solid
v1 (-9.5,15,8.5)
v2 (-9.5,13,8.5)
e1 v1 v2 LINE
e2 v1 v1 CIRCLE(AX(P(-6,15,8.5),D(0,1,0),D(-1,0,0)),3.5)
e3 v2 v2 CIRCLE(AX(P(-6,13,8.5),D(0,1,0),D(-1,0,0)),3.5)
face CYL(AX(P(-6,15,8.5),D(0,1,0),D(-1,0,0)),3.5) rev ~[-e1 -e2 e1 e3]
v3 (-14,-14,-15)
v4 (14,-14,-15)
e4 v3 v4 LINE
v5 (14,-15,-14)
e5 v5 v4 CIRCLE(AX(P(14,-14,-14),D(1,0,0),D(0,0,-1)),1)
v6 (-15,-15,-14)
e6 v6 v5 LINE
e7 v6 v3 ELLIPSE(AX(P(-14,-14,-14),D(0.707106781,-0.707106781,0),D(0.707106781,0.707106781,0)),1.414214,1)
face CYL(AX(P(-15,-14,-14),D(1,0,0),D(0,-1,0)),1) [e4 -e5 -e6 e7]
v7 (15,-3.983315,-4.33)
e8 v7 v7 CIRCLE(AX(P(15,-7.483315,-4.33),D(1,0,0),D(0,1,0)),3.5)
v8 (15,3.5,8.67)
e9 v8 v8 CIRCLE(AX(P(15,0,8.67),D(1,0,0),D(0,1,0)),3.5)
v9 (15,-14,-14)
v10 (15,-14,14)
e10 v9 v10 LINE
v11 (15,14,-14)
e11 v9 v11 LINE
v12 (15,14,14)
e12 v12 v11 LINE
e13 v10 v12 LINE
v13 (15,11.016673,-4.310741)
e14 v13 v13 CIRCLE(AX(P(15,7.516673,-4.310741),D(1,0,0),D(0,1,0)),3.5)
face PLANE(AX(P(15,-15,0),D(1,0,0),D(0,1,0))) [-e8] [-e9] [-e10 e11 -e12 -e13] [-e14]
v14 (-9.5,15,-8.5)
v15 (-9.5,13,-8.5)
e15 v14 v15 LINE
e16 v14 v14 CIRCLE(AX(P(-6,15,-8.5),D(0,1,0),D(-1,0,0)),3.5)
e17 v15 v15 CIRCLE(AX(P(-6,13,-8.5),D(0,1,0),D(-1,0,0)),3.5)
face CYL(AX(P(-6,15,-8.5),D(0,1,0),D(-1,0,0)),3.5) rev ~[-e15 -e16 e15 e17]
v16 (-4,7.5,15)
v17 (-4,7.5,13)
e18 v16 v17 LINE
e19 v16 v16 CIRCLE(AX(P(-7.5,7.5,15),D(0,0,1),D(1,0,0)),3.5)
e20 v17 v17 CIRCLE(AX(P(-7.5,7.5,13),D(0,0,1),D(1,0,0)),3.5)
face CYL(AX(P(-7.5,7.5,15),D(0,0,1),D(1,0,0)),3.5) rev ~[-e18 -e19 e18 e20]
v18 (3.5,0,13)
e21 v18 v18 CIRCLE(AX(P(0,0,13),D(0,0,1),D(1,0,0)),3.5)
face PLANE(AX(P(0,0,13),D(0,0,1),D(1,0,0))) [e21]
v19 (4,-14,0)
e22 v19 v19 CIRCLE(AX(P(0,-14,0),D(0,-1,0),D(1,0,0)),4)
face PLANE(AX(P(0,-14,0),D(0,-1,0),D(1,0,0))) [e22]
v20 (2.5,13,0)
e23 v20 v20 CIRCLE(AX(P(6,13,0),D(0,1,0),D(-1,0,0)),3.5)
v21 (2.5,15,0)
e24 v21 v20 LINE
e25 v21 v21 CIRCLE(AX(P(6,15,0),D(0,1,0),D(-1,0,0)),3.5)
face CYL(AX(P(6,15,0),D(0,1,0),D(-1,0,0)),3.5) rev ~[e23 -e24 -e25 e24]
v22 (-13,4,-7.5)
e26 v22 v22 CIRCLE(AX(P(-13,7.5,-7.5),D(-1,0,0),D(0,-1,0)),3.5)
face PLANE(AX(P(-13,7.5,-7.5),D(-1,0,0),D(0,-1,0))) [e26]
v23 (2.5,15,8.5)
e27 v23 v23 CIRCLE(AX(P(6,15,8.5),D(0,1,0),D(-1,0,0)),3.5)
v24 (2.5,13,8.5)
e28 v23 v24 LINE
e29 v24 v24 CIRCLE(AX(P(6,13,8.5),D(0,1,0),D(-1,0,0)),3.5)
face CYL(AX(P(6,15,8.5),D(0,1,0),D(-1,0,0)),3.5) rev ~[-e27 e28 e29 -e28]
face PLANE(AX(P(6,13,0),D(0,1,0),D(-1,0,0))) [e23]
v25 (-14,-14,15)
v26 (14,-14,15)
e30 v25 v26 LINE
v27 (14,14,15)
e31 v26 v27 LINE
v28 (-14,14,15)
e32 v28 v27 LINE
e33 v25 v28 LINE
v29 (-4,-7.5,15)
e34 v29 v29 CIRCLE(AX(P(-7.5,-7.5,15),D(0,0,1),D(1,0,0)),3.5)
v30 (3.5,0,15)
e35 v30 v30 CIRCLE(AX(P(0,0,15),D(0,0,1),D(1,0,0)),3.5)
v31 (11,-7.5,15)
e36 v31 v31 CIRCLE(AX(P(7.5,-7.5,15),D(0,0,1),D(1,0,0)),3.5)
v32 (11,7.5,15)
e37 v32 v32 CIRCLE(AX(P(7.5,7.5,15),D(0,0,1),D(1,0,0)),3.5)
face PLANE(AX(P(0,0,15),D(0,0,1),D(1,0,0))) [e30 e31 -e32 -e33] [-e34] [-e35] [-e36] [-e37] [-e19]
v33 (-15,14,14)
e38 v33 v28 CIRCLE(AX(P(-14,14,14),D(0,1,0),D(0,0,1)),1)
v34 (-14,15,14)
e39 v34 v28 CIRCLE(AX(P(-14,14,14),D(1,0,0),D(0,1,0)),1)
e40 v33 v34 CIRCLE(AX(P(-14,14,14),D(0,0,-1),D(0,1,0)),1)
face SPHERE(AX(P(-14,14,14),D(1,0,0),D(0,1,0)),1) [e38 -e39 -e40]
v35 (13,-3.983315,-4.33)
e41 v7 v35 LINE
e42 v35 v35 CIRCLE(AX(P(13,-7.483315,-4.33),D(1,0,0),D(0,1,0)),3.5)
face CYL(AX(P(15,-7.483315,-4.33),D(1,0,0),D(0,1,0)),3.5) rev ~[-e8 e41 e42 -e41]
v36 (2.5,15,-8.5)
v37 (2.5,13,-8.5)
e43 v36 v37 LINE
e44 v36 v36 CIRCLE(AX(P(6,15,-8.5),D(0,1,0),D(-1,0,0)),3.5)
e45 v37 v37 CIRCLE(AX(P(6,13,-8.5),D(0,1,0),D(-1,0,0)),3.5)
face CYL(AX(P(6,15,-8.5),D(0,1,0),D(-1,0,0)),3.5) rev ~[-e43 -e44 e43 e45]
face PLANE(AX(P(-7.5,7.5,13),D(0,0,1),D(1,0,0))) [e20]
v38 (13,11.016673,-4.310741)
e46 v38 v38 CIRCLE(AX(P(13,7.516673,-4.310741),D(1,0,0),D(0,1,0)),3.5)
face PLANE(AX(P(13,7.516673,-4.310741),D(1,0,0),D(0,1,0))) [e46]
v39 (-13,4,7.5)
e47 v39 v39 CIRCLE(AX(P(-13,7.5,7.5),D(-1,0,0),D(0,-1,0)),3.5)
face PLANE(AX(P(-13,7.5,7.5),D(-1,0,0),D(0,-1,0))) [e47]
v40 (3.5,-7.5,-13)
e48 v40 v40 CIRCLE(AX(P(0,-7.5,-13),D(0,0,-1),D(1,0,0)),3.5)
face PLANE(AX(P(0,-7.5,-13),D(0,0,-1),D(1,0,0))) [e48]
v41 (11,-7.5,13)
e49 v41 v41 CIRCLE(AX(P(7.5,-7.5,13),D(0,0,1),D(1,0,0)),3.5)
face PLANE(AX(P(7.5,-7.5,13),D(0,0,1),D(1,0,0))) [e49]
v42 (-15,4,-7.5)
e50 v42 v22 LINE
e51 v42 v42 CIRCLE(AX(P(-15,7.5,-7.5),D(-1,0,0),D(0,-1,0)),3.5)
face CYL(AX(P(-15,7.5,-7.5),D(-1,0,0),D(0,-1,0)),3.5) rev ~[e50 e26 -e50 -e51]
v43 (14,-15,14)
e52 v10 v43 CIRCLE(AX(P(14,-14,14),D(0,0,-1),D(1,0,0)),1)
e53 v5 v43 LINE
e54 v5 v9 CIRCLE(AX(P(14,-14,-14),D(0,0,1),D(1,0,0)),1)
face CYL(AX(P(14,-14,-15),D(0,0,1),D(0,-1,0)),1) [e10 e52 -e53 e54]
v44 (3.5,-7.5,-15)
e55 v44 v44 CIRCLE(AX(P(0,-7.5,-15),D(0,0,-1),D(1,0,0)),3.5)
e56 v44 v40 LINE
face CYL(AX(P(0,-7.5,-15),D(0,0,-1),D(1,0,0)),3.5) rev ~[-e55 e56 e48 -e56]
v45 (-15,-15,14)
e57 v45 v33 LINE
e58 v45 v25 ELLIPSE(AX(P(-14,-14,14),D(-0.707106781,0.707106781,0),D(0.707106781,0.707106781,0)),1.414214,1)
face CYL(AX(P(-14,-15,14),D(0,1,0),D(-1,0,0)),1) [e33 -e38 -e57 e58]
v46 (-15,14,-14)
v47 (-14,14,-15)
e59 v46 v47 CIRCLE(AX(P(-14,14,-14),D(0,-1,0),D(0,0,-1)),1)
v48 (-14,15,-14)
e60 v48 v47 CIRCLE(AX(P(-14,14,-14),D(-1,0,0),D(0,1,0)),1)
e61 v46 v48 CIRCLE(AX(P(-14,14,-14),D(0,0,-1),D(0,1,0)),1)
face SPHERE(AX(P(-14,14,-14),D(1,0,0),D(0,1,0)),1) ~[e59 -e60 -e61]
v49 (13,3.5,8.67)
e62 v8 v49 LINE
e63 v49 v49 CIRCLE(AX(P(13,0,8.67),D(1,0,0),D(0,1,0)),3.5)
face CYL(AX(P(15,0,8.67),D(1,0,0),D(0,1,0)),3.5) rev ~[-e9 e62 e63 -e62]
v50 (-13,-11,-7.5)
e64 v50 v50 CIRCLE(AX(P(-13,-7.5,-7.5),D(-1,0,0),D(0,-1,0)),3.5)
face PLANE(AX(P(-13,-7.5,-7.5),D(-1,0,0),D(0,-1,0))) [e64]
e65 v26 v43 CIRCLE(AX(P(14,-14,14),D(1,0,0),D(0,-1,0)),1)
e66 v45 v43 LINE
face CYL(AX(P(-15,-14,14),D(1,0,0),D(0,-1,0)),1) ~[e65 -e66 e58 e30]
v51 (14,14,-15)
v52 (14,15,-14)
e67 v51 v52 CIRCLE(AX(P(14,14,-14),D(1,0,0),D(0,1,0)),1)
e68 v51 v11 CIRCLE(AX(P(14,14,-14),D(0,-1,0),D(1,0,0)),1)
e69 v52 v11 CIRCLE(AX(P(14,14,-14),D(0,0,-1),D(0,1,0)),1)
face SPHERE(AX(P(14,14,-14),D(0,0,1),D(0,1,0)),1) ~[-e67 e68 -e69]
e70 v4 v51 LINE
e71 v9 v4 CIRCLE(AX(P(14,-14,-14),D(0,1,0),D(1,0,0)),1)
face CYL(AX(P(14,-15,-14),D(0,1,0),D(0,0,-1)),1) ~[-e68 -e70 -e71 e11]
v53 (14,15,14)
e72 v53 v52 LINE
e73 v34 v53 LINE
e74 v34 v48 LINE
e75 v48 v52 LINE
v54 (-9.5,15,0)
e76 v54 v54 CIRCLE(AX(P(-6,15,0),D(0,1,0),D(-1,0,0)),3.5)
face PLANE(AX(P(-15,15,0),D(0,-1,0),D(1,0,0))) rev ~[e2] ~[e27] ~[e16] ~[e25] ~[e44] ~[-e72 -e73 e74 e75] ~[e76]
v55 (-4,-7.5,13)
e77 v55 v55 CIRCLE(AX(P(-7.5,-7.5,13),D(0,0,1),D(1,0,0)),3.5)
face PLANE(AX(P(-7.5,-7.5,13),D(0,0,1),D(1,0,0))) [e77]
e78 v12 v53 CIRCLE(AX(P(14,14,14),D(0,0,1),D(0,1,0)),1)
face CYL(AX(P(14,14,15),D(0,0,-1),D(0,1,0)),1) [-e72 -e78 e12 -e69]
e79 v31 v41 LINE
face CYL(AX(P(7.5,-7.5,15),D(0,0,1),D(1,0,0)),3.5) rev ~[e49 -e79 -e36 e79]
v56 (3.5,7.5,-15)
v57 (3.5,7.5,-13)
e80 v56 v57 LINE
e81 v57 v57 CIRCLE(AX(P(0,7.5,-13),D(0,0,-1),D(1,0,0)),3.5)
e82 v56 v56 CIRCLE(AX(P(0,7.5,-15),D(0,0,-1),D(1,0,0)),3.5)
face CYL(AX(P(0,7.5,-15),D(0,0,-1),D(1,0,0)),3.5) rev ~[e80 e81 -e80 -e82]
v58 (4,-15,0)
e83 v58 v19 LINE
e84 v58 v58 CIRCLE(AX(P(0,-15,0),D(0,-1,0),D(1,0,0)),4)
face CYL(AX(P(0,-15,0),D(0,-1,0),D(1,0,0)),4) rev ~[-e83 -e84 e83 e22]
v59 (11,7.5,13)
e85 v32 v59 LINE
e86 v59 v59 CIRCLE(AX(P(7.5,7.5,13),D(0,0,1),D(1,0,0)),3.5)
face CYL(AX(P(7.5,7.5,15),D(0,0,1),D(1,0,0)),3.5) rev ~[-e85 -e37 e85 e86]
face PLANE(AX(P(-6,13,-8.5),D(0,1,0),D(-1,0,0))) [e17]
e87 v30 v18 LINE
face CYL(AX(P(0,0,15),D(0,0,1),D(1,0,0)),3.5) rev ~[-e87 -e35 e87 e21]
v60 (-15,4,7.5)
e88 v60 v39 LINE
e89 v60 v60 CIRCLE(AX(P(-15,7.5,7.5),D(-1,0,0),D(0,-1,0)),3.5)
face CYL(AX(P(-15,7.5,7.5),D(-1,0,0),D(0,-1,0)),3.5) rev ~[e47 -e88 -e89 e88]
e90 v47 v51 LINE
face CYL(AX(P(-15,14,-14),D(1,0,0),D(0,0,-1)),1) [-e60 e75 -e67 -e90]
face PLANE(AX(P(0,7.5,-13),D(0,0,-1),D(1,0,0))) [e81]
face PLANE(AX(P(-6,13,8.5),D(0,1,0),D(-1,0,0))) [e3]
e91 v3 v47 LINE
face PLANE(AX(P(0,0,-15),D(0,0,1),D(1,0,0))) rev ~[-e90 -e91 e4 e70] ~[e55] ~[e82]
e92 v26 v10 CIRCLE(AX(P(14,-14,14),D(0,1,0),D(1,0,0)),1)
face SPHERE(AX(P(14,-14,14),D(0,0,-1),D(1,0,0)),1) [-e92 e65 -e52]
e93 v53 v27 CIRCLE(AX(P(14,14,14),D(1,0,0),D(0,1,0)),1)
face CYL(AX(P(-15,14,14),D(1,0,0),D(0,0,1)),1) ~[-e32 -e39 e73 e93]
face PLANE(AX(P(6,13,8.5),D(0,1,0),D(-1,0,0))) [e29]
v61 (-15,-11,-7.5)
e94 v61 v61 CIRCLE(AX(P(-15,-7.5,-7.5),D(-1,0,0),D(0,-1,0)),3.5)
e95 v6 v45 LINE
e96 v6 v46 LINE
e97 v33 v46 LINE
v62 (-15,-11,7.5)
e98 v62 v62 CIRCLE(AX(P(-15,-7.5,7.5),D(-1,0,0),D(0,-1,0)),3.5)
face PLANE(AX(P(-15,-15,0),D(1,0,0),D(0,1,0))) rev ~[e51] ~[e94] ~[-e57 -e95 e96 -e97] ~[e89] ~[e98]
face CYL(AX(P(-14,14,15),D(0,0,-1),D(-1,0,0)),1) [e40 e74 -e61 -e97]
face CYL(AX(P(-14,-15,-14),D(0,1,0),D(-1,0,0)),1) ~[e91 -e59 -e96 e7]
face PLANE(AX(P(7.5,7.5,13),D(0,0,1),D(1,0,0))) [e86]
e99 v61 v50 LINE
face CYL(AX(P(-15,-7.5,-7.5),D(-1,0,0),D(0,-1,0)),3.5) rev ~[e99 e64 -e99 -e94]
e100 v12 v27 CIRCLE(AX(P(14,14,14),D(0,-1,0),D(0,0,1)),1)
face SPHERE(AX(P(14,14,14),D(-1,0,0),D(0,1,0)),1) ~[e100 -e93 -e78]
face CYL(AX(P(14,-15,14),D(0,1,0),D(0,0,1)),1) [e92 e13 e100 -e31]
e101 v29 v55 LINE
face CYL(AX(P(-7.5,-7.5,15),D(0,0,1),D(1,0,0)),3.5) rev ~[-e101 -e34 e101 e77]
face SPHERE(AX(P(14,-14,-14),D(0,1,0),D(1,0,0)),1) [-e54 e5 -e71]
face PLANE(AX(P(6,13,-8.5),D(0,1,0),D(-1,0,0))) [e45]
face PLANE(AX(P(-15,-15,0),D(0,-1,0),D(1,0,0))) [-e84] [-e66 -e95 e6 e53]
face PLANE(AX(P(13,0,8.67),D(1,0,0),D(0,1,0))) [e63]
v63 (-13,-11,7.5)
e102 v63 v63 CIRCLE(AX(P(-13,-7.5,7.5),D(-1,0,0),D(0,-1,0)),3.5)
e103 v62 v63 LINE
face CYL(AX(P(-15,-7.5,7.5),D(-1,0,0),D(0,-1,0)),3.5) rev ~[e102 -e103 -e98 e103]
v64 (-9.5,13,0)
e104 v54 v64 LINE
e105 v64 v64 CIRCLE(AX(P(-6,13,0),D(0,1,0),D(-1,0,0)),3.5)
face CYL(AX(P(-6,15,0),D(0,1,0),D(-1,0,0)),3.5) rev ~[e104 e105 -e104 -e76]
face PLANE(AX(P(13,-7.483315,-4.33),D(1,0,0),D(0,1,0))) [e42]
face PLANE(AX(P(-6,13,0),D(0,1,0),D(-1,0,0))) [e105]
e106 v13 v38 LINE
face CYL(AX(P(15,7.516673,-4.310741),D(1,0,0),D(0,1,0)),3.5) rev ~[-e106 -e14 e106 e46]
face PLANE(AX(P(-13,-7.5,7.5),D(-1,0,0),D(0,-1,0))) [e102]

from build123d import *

# Parameters (mm, degrees)
F0_W          = 30
F0_H          = 30
F1_DEPTH      = 15
F1_DEPTH_BACK = 15
F2_R          = 4
F3_DEPTH      = 1
F4_R          = 3.5
F5_DEPTH      = 2
F6_R          = 3.5
F7_DEPTH      = 2
F8_R          = 3.5
F9_DEPTH      = 2
F10_R         = 3.5
F11_DEPTH     = 2
F12_R         = 3.5
F13_DEPTH     = 2
F14_R         = 1


with BuildPart() as f1:
    # F0 (on Top) → F1 (new body, two sides)
    with BuildSketch(Plane.XY) as f1_sk:
        Rectangle(F0_W, F0_H)
    extrude(amount=F1_DEPTH)
    extrude(f1_sk.sketch, amount=-F1_DEPTH_BACK)

    # F2 (on face) → F3 (cut)
    with BuildSketch(Plane.XZ.offset(15)):
        Circle(F2_R)
    extrude(amount=-F3_DEPTH, mode=Mode.SUBTRACT)

    # F4 (on face) → F5 (cut)
    with BuildSketch(Plane(origin=(0, 15, 0), x_dir=(-1, 0, 0), z_dir=(0, 1, 0))):
        with Locations((-6, 8.5)):
            Circle(F4_R)
        with Locations((6, 8.5)):
            Circle(F4_R)
        with Locations((6, 0)):
            Circle(F4_R)
        with Locations((-6, 0)):
            Circle(F4_R)
        with Locations((6, -8.5)):
            Circle(F4_R)
        with Locations((-6, -8.5)):
            Circle(F4_R)
    extrude(amount=-F5_DEPTH, mode=Mode.SUBTRACT)

    # F6 (on face) → F7 (cut)
    with BuildSketch(Plane(origin=(0, 0, -15), x_dir=(1, 0, 0), z_dir=(0, 0, -1))):
        with Locations((0, -7.5)):
            Circle(F6_R)
        with Locations((0, 7.5)):
            Circle(F6_R)
    extrude(amount=-F7_DEPTH, mode=Mode.SUBTRACT)

    # F8 (on face) → F9 (cut)
    with BuildSketch(Plane.XY.offset(15)):
        with Locations((-7.5, -7.5)):
            Circle(F8_R)
        with Locations((-7.5, 7.5)):
            Circle(F8_R)
        Circle(F8_R)
        with Locations((7.5, 7.5)):
            Circle(F8_R)
        with Locations((7.5, -7.5)):
            Circle(F8_R)
    extrude(amount=-F9_DEPTH, mode=Mode.SUBTRACT)

    # F10 (on face) → F11 (cut)
    with BuildSketch(Plane(origin=(-15, 0, 0), x_dir=(0, -1, 0), z_dir=(-1, 0, 0))):
        with Locations((7.5, -7.5)):
            Circle(F10_R)
        with Locations((-7.5, -7.5)):
            Circle(F10_R)
        with Locations((7.5, 7.5)):
            Circle(F10_R)
        with Locations((-7.5, 7.5)):
            Circle(F10_R)
    extrude(amount=-F11_DEPTH, mode=Mode.SUBTRACT)

    # F12 (on face) → F13 (cut)
    with BuildSketch(Plane.YZ.offset(15)):
        with Locations((0, 8.67)):
            Circle(F12_R)
        with Locations((-7.483315, -4.33)):
            Circle(F12_R)
        with Locations((7.516673, -4.310741)):
            Circle(F12_R)
    extrude(amount=-F13_DEPTH, mode=Mode.SUBTRACT)

    # F14
    f14_edges = [f1.edges().sort_by_distance(p)[0] for p in [
        (0, 15, 15),
        (15, 15, 0),
        (0, 15, -15),
        (-15, 15, 0),
        (-15, 0, -15),
        (15, 0, -15),
        (15, -15, 0),
        (15, 0, 15),
        (-15, 0, 15),
        (0, -15, 15),
        (0, -15, -15),
    ]]
    fillet(f14_edges, radius=F14_R)


solid = f1.part
